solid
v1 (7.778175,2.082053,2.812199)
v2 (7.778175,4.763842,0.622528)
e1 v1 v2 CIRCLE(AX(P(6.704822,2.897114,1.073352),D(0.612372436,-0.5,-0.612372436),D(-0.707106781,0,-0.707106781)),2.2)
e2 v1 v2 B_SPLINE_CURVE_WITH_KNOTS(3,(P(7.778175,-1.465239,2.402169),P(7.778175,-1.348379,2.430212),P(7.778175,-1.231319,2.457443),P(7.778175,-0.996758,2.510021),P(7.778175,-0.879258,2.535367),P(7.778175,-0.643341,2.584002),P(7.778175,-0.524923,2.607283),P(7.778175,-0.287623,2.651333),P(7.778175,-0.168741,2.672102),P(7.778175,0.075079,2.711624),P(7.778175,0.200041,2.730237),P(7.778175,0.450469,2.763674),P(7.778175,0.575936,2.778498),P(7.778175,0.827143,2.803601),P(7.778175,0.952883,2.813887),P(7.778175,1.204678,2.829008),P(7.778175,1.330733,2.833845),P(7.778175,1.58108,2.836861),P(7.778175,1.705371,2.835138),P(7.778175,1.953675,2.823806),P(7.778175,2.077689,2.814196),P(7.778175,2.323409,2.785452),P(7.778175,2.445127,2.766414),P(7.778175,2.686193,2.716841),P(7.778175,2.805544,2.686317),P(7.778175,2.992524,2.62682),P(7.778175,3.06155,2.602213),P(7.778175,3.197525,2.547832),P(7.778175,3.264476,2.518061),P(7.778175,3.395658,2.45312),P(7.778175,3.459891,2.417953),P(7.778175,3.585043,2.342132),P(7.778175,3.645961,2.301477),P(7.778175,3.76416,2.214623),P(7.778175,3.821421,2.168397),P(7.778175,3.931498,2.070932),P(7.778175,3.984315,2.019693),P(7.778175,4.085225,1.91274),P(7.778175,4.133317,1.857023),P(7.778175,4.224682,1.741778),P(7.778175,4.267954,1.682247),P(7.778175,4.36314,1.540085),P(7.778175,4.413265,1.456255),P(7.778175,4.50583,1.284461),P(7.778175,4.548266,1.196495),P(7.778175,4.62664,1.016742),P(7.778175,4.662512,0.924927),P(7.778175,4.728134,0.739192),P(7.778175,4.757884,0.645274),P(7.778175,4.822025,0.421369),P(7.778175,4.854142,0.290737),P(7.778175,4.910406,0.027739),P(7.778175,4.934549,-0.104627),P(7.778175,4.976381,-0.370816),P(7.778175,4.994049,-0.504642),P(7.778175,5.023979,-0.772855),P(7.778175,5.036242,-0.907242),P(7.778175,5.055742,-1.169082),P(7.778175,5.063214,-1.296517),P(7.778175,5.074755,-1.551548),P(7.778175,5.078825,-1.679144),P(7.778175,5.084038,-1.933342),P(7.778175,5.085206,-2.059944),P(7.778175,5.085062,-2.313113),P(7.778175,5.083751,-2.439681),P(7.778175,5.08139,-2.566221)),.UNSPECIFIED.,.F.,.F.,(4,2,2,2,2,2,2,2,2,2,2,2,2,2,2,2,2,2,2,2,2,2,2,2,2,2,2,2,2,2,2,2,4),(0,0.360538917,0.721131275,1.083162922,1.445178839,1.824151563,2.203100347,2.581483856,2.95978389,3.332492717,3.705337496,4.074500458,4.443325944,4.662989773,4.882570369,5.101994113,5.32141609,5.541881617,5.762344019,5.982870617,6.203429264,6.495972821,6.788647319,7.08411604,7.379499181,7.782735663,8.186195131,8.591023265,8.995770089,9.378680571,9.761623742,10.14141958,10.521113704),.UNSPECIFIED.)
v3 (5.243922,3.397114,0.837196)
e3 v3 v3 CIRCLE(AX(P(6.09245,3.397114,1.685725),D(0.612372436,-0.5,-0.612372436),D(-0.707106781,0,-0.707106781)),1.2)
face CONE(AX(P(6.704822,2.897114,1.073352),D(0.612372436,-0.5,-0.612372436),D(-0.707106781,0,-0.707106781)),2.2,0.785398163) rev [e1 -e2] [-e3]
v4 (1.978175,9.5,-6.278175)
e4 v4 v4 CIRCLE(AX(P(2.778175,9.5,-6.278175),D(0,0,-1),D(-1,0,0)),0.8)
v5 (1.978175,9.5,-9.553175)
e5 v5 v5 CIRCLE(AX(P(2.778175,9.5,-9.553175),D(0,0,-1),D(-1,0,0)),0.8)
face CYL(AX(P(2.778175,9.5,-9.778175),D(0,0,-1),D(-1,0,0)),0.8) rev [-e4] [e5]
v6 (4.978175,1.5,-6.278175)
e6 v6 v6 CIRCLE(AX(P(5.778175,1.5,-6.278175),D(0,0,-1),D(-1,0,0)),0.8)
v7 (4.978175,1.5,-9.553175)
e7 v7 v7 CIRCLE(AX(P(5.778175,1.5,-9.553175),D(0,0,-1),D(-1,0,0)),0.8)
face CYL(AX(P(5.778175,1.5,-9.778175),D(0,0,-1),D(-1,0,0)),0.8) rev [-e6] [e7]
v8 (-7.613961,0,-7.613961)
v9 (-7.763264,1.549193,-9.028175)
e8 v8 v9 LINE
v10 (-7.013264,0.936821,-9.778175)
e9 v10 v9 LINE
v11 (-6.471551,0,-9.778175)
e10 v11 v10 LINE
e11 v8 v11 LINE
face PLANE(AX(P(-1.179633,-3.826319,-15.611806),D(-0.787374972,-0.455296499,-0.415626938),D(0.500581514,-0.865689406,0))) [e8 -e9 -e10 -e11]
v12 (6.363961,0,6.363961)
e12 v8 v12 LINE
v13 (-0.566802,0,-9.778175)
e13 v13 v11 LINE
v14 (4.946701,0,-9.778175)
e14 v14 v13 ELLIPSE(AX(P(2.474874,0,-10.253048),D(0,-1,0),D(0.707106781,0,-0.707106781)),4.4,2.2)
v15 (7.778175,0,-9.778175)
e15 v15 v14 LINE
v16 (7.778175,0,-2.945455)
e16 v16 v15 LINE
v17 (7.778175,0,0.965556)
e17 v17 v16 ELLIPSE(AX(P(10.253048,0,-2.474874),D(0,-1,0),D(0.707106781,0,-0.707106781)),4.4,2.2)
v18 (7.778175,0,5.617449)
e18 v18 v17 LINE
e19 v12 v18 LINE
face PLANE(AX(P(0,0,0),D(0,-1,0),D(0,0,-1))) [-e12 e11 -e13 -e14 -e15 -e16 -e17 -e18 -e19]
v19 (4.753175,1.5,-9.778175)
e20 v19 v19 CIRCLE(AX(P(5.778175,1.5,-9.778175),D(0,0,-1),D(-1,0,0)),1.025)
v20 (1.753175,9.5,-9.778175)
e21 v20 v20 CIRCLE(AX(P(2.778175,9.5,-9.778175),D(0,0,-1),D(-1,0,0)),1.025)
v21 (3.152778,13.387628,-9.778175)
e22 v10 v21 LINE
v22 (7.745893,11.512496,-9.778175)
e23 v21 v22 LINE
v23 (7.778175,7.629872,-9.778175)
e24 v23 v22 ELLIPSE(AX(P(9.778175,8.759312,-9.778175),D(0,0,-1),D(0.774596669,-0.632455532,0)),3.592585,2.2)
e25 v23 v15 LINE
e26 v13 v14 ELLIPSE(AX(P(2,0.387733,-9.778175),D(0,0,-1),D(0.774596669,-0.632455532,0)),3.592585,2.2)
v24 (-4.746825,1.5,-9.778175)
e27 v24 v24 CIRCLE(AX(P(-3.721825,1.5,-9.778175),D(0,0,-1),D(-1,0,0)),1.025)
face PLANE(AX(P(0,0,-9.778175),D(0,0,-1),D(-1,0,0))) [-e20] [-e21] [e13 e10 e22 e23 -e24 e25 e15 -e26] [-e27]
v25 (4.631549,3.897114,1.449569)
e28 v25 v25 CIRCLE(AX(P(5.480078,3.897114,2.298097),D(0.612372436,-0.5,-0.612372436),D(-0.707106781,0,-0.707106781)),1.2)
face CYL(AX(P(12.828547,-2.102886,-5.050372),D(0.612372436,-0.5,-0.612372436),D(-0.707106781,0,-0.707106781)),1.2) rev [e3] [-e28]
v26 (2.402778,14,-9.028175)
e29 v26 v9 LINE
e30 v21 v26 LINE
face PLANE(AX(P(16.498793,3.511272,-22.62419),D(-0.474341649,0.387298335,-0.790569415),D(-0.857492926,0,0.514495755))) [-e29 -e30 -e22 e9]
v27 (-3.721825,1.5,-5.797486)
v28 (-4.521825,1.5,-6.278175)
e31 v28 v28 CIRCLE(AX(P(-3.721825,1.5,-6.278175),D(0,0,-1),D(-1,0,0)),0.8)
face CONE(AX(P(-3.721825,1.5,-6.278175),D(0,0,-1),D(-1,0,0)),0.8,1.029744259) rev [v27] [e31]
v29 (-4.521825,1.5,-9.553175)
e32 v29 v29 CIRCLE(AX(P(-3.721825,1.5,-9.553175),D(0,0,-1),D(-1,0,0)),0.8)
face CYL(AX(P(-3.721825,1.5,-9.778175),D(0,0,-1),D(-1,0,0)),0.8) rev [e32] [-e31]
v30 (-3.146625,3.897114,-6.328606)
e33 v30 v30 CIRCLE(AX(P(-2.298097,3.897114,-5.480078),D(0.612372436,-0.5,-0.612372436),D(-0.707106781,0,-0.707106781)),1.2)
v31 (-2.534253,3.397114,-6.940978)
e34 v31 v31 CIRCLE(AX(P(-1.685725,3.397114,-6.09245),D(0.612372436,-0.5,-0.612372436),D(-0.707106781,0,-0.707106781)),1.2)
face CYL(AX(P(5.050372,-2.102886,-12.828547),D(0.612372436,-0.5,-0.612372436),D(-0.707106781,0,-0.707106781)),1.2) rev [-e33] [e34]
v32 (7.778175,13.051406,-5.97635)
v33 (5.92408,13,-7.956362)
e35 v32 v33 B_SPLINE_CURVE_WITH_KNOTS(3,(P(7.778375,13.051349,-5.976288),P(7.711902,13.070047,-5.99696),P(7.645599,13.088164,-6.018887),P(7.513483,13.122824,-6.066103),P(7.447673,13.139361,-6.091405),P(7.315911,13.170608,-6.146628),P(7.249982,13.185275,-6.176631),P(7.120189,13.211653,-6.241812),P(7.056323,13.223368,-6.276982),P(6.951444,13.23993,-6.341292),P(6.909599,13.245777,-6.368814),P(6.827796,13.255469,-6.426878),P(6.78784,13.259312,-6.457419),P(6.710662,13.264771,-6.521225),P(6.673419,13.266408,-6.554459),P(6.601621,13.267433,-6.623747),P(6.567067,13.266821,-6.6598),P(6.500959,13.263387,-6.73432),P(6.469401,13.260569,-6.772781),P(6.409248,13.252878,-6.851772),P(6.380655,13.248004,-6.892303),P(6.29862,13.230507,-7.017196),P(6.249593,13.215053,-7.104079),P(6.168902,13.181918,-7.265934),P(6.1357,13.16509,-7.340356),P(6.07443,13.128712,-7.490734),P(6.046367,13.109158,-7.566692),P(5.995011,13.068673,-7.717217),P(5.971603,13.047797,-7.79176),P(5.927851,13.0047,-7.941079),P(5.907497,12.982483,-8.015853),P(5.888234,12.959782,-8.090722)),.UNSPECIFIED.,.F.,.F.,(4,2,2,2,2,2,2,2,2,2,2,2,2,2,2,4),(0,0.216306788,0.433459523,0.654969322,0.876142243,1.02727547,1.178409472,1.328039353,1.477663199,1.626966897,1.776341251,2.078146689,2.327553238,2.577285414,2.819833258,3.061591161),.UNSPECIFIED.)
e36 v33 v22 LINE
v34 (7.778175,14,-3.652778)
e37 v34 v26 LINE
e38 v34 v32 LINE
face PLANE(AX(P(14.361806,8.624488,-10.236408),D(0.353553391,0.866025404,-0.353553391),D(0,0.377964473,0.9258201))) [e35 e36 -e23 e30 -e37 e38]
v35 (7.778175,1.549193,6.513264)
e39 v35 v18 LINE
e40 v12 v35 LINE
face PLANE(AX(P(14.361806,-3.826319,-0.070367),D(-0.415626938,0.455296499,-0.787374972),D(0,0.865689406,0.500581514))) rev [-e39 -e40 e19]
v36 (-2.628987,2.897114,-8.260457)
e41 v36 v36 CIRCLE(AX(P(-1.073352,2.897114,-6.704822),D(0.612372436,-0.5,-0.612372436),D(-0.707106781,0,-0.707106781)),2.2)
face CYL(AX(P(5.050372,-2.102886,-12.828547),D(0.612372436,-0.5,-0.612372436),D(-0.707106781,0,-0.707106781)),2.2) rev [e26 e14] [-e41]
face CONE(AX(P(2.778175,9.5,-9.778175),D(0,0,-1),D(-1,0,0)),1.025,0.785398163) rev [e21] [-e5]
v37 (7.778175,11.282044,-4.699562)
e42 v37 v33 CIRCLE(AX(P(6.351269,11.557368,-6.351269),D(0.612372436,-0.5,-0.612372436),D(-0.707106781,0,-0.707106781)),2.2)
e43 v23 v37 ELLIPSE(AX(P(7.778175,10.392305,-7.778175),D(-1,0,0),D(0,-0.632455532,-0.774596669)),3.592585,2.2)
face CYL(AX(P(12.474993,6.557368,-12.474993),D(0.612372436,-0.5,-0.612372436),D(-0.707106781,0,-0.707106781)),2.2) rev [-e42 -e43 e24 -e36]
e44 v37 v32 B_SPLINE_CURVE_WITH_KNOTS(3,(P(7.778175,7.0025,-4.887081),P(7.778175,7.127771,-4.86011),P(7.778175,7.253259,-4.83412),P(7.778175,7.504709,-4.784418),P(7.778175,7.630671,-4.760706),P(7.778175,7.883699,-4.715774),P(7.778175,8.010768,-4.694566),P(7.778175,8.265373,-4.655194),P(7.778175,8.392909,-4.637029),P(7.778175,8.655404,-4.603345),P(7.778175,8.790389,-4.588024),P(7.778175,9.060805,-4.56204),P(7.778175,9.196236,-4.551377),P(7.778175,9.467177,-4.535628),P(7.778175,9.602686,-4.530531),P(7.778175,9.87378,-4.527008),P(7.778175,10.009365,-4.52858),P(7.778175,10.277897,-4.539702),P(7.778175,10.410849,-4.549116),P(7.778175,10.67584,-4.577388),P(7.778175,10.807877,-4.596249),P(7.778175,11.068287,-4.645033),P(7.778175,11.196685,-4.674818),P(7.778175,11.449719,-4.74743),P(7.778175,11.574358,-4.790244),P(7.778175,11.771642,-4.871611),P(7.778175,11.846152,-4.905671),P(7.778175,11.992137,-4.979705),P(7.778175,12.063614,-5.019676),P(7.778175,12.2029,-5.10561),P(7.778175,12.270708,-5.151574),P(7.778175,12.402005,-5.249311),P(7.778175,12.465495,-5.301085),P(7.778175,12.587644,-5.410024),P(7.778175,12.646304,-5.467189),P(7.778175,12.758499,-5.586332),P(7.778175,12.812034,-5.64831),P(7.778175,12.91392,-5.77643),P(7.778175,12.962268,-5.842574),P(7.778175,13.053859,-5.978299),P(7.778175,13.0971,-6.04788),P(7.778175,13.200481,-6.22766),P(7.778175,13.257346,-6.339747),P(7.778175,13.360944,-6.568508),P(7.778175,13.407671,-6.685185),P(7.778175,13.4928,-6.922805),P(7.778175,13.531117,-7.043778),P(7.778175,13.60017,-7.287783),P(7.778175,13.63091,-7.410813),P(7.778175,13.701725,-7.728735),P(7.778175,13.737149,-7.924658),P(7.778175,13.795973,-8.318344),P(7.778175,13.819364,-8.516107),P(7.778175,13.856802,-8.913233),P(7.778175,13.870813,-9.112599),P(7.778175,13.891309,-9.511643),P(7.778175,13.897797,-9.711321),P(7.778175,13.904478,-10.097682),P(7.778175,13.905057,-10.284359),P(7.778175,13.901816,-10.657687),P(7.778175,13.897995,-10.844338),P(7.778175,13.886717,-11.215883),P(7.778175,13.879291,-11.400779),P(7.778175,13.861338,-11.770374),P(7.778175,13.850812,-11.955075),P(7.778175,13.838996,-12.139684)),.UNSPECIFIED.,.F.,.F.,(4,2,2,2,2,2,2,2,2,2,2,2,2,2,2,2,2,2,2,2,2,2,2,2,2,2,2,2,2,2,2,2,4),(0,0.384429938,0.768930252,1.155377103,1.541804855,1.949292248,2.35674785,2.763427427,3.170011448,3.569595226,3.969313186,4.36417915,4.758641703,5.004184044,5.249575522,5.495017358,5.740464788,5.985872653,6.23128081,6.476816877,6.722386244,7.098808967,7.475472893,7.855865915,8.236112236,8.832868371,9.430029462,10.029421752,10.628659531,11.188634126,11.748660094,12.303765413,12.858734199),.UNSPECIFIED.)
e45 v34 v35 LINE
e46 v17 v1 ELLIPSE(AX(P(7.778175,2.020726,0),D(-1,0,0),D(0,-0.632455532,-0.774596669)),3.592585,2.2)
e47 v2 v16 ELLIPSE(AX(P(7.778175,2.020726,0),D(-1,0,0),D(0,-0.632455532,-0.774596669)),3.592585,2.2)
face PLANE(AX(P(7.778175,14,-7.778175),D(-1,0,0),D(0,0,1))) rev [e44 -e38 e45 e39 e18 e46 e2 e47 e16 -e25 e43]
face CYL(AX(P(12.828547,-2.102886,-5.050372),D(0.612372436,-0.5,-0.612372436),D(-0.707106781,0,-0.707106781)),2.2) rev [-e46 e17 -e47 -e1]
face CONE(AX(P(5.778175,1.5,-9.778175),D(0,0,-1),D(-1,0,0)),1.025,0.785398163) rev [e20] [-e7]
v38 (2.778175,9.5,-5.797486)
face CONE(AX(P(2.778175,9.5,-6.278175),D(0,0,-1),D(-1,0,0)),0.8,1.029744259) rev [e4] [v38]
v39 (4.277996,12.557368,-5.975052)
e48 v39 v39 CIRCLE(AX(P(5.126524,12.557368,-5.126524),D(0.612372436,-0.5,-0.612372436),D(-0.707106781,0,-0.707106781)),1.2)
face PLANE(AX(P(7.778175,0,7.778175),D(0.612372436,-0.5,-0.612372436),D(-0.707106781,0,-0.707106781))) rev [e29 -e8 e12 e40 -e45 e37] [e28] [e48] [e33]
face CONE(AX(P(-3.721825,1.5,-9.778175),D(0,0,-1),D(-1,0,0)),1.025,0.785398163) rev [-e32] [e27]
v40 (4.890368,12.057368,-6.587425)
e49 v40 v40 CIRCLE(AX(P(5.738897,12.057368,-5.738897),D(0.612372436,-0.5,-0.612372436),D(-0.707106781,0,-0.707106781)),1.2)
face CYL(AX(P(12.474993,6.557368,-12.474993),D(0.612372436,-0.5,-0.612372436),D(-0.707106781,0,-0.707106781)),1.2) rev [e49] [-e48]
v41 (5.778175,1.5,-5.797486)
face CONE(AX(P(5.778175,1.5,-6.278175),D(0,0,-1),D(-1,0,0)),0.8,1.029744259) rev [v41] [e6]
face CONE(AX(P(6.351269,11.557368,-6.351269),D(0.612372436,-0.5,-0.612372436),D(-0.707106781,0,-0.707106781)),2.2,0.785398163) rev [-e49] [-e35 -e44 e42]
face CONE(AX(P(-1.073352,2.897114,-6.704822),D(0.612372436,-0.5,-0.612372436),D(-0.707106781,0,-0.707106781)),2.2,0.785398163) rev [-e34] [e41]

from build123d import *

# Parameters (mm, degrees)
BOSS_EXTRUDE1_DEPTH                            = 14
CUT_EXTRUDE1_DEPTH                             = 18.804493815
CUT_EXTRUDE1_DEPTH_BACK                        = 18.804493815
BOSS_EXTRUDE2_DEPTH                            = 2
CSK_FOR_M2_FLAT_HEAD_MACHINE_SCREW1_AT_2_COUNT = 2
CSK_FOR_M2_FLAT_HEAD_MACHINE_SCREW1_AT_2_PITCH = 11.412712211
CSK_FOR_M2_FLAT_HEAD_MACHINE_SCREW1_AT_3_COUNT = 2
CSK_FOR_M2_FLAT_HEAD_MACHINE_SCREW1_AT_3_PITCH = 11
M2X0_4_TAPPED_HOLE1_D                          = 1.6
M2X0_4_TAPPED_HOLE1_DEPTH                      = 3.5
M2X0_4_TAPPED_HOLE1_CSINK_D                    = 2.05
M2X0_4_TAPPED_HOLE1_CSINK_ANGLE                = 90
M2X0_4_TAPPED_HOLE1_TIP                        = 0.480688495
BOSS_EXTRUDE5_REACH                            = 20.765
SKETCH12_W                                     = 1.58113883
SKETCH12_H                                     = 18.073922282
CUT_EXTRUDE3_DEPTH                             = 20.541337939
CUT_EXTRUDE3_DEPTH_BACK                        = 20.541337939


with BuildPart() as part:
    # Sketch1 → Boss-Extrude1 (new body)
    with BuildSketch(Plane(origin=(0, 0, 0), x_dir=(1, 0, 0), z_dir=(0, 1, 0))):
        Polygon((-7.778174593, 7.778174593), (7.778174593, -7.778174593), (7.778174593, 7.778174593), align=None)
    extrude(amount=BOSS_EXTRUDE1_DEPTH)

    # Sketch2 → Cut-Extrude1 (cut, two sides: drawn at the far end of the back side and taken through both)
    with BuildSketch(Plane(origin=(0, 0, 0), x_dir=(0, -1, 0), z_dir=(-0.7071067811865476, 0, -0.7071067811865476)).offset(-CUT_EXTRUDE1_DEPTH_BACK)):
        Polygon((0, 0), (-14, -8.082903769), (-14, 0), align=None)
    extrude(amount=CUT_EXTRUDE1_DEPTH + CUT_EXTRUDE1_DEPTH_BACK, mode=Mode.SUBTRACT)

    # Sketch7 → Boss-Extrude2 (add)
    with BuildSketch(Plane(origin=(0, 0, -7.778174593), x_dir=(-1, 0, 0), z_dir=(0, 0, -1))):
        Polygon((-7.778174593, 0), (7.778174593, 0), (-3.65277754, 14), (-7.778174593, 14), align=None)
    extrude(amount=BOSS_EXTRUDE2_DEPTH)

    # Sketch4 → CSK for M2 Flat Head Machine Screw1 (revolve, cut)
    with BuildSketch(Plane(origin=(12.828546783, -2.102885683, -5.050372189), x_dir=(-0.048813033433799426, 0.7492053416010188, -0.6605366332638121), z_dir=(0.7890610165044198, 0.4343861831556179, 0.43438618315561783))):
        Polygon((0, 0), (0, 13.921032743), (1.2, 13.2), (1.2, 11), (2.2, 10), (2.2, 0), align=None)
    csk_for_m2_flat_head_machine_screw1 = revolve(axis=Axis((16.717111749, -5.277885683, -8.938937156), (-0.6123724356957967, 0.4999999999999948, 0.6123724356957967)), mode=Mode.SUBTRACT)

    # CSK for M2 Flat Head Machine Screw1 at 2: CSK for M2 Flat Head Machine Screw1 ×2
    with Locations(*[Vector(-0.030978910540443338, 0.7588252361140443, -0.6505571213492264) * (i * CSK_FOR_M2_FLAT_HEAD_MACHINE_SCREW1_AT_2_PITCH) for i in range(1, CSK_FOR_M2_FLAT_HEAD_MACHINE_SCREW1_AT_2_COUNT)]):
        add(csk_for_m2_flat_head_machine_screw1, mode=Mode.SUBTRACT)

    # CSK for M2 Flat Head Machine Screw1 at 3: CSK for M2 Flat Head Machine Screw1 ×2
    with Locations(*[Vector(-0.7071067811865477, 0, -0.7071067811865474) * (i * CSK_FOR_M2_FLAT_HEAD_MACHINE_SCREW1_AT_3_PITCH) for i in range(1, CSK_FOR_M2_FLAT_HEAD_MACHINE_SCREW1_AT_3_COUNT)]):
        add(csk_for_m2_flat_head_machine_screw1, mode=Mode.SUBTRACT)

    # M2x0.4 Tapped Hole1
    with Locations(Plane(origin=(0, 0, -9.778174593), x_dir=(-1, 0, 0), z_dir=(0, 0, -1))):
        with Locations((-2.778174593, 9.5), (-5.778174593, 1.5), (3.721825407, 1.5)):
            CounterSinkHole(M2X0_4_TAPPED_HOLE1_D / 2, M2X0_4_TAPPED_HOLE1_CSINK_D / 2, depth=M2X0_4_TAPPED_HOLE1_DEPTH, counter_sink_angle=M2X0_4_TAPPED_HOLE1_CSINK_ANGLE)
            with Locations((0, 0, -(M2X0_4_TAPPED_HOLE1_DEPTH + M2X0_4_TAPPED_HOLE1_TIP / 2))):  # 118° drill point
                Cone(0, M2X0_4_TAPPED_HOLE1_D / 2, M2X0_4_TAPPED_HOLE1_TIP, mode=Mode.SUBTRACT)

    # Boss-Extrude5: up to this face of the body (flat: up to its plane)
    boss_extrude5_end = Plane(part.part.faces().sort_by_distance((-2.062698527, 7, -8.778174593))[0])
    # Sketch12 → Boss-Extrude5 (add, up to the picked face)
    with BuildSketch(Plane(origin=(0, 0, 0), x_dir=(0.4743416490252608, -0.3872983346207397, 0.7905694150420935), z_dir=(-0.6123724356957969, 0.4999999999999949, 0.6123724356957962)), mode=Mode.PRIVATE) as boss_extrude5_sk1:
        with Locations((-10.629268516, 4.117611591)):
            Rectangle(SKETCH12_W, SKETCH12_H)
    boss_extrude5_tool1 = split(extrude(boss_extrude5_sk1.sketch, amount=-BOSS_EXTRUDE5_REACH, mode=Mode.PRIVATE), bisect_by=boss_extrude5_end, keep=Keep.BOTH, mode=Mode.PRIVATE)
    add(boss_extrude5_tool1.solids().sort_by(Axis((-2.437699, 7.306186, -8.403175), (0.6123724356957969, -0.4999999999999949, -0.6123724356957962)))[0])

    # Sketch9 → Cut-Extrude3 (cut, two sides: drawn at the far end of the back side and taken through both)
    with BuildSketch(Plane(origin=(0, 0, 0), x_dir=(0.4743416490252609, -0.3872983346207397, 0.7905694150420934), z_dir=(-0.6123724356957968, 0.49999999999999495, 0.6123724356957964)).offset(-CUT_EXTRUDE3_DEPTH_BACK)):
        Polygon((8.238699101, 6.11934955), (8.049844719, 4.024922359), (9.838699101, 4.91934955), align=None)
        Polygon((-9.630983549, -4.815491775), (-11.419837931, -5.709918966), (-11.419837931, -3.709918966), align=None)
        Polygon((-4.620438725, 15.76370292), (-11.419837931, 12.364003317), (-11.419837931, 20.863252325), align=None)
    extrude(amount=CUT_EXTRUDE3_DEPTH + CUT_EXTRUDE3_DEPTH_BACK, mode=Mode.SUBTRACT)


solid = part.part
